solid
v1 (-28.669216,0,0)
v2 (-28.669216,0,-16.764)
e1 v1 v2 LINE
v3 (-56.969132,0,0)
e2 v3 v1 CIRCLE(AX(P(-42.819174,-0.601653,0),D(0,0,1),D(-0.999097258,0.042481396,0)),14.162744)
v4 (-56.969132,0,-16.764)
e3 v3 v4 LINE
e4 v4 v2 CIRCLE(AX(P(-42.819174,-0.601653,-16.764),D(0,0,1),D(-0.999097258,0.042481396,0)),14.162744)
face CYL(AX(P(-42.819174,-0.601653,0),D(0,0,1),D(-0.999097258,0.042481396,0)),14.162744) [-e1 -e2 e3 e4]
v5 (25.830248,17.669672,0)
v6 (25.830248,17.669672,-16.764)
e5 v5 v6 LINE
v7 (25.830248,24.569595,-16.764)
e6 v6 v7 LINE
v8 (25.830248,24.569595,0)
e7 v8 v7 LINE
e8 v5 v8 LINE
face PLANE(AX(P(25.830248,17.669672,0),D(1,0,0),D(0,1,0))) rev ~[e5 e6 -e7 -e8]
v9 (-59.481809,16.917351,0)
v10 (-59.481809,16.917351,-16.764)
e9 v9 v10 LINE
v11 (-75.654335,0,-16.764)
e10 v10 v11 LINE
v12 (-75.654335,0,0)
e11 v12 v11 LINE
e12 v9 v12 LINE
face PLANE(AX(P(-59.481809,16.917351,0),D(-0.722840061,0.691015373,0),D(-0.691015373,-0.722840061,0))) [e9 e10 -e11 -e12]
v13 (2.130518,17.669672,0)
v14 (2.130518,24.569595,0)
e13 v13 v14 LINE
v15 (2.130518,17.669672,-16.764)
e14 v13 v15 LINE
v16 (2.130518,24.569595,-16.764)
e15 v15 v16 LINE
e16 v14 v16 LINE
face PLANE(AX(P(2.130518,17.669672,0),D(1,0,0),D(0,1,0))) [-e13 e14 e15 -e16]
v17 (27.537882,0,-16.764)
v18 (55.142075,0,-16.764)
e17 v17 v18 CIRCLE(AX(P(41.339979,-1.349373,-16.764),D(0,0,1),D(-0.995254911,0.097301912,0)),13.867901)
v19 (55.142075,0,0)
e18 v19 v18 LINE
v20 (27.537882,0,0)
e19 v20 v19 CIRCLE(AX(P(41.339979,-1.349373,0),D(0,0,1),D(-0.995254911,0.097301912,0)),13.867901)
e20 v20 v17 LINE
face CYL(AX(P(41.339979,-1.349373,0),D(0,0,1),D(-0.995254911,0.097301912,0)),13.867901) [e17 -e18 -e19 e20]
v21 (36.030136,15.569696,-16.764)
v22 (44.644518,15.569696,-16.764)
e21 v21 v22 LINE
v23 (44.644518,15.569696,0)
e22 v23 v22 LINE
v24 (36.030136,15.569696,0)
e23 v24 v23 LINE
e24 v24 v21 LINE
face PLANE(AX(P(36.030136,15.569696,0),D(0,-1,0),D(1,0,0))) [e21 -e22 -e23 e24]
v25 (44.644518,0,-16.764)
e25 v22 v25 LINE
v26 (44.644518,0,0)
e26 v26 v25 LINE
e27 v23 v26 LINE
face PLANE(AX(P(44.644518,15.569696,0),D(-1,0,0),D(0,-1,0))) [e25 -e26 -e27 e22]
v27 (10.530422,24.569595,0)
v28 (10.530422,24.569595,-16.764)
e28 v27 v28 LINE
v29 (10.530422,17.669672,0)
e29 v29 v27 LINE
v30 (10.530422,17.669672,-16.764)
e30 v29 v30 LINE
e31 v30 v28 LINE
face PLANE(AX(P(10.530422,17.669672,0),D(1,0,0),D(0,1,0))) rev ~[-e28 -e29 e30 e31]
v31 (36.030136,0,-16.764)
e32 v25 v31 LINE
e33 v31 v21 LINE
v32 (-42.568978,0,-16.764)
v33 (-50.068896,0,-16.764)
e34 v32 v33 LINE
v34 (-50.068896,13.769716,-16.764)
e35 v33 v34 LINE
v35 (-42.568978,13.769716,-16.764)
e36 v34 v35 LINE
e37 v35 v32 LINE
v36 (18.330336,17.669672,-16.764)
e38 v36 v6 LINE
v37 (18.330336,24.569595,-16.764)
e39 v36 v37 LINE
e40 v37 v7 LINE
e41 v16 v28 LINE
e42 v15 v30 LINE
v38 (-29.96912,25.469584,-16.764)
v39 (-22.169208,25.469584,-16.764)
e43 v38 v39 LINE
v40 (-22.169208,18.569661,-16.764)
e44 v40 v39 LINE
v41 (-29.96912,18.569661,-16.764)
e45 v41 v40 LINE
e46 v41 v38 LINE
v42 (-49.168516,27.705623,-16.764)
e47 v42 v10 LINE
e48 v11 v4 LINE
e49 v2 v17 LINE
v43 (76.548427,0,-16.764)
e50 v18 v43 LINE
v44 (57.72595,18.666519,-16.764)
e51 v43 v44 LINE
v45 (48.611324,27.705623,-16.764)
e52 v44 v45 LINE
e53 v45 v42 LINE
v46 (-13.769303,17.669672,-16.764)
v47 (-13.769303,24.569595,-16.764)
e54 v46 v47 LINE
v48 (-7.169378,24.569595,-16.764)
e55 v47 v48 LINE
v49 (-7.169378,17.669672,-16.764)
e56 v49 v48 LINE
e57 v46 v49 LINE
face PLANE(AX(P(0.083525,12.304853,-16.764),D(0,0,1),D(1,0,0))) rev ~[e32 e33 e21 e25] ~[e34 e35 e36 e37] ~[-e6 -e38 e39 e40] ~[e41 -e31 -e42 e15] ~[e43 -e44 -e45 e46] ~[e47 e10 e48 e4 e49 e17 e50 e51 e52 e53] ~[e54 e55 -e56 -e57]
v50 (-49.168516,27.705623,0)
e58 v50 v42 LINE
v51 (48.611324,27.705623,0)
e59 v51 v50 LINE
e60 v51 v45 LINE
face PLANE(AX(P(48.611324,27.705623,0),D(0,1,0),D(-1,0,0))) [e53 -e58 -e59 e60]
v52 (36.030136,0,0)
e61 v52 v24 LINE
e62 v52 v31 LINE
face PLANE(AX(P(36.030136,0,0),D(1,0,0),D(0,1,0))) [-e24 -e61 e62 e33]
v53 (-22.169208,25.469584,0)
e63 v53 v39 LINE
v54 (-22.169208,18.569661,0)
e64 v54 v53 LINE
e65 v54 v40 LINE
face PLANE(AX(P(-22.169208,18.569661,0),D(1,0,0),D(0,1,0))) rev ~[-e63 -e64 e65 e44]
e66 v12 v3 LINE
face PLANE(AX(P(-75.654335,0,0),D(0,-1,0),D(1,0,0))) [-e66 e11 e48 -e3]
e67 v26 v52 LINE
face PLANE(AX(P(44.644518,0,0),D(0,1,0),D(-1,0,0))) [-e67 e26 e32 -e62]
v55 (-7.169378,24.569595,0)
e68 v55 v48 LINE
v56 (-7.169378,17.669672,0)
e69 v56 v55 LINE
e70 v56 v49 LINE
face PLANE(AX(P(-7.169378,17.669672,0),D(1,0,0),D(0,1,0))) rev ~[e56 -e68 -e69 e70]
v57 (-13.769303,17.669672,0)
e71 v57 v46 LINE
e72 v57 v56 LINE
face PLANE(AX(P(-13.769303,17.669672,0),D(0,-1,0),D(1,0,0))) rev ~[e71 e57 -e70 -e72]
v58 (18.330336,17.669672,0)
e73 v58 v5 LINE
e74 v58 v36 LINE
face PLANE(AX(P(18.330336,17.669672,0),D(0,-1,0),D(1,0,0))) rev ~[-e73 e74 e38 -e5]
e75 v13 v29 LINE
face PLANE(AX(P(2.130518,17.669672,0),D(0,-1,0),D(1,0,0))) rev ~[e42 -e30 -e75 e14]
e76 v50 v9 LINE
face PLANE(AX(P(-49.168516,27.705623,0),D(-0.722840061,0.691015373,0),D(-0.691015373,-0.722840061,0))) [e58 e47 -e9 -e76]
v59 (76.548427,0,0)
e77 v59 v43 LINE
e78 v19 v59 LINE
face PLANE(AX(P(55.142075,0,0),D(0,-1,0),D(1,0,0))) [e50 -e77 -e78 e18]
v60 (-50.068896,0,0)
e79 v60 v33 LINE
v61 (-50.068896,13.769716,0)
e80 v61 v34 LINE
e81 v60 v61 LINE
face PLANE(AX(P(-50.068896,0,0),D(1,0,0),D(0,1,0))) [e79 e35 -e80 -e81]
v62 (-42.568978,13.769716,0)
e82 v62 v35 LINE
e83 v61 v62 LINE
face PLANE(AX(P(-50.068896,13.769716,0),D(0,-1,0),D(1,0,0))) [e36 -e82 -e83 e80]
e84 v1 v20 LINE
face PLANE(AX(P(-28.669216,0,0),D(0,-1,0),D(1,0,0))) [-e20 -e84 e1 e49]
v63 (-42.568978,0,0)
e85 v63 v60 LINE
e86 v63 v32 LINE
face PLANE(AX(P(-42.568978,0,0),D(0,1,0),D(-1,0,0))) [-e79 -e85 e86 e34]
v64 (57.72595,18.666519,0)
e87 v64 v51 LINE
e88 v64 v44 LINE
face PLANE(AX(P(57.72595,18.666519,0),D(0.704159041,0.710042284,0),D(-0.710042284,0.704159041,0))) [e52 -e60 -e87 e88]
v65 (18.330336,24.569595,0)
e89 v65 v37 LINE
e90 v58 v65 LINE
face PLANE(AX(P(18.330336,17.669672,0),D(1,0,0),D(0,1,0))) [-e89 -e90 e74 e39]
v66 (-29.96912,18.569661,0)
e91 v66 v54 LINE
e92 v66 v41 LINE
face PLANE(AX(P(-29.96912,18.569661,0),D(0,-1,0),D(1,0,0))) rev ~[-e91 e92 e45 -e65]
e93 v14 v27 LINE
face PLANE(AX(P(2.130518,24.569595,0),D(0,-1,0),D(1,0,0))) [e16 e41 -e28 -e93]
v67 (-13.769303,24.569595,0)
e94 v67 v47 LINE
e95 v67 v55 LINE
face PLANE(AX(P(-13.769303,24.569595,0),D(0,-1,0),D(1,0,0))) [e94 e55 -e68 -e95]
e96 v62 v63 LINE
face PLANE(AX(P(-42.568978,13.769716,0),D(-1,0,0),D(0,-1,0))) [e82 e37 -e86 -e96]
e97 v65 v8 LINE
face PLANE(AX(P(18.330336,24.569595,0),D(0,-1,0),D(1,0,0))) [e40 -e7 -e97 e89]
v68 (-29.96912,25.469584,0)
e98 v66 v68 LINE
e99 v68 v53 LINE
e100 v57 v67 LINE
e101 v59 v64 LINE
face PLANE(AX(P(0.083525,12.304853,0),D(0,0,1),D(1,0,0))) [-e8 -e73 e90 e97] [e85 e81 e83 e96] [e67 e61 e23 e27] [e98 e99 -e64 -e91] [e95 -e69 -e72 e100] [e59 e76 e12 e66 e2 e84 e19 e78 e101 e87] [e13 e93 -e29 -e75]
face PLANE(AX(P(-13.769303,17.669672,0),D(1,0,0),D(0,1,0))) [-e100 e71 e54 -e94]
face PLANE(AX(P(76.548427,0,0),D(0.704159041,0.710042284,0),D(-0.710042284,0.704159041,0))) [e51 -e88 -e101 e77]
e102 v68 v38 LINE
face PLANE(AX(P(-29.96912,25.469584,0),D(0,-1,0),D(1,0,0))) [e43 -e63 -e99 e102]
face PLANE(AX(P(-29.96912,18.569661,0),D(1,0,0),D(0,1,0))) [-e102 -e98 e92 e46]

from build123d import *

# Parameters (mm, degrees)
F0_W     = 7.7999122441
F0_H     = 6.8999230862
F0_W_2   = 6.5999259241
F0_W_3   = 8.3999030758
F0_W_4   = 7.4999127537
F0_W_5   = 17.3998039681
F0_H_2   = 13.469719328
F0_W_6   = 19.7997752111
F1_DEPTH = 16.764


with BuildPart() as f1:
    # F0 (on Top) → F1 (new body)
    with BuildSketch(Plane.XY):
        with BuildLine():
            Line((-59.4818092616, 16.9173511698), (-75.65433532, 0))
            Line((-75.65433532, 0), (-56.9691322744, 0))
            Line((-56.9691322744, 0), (-50.0688962638, 0))
            Line((-50.0688962638, 0), (-50.0688962638, 13.7697160244))
            Line((-50.0688962638, 13.7697160244), (-42.5689779222, 13.7697160244))
            Line((-42.5689779222, 13.7697160244), (-42.5689779222, 0))
            Line((-42.5689779222, 0), (-30.2691180259, 0))
            Line((-30.2691180259, 0), (-30.2691180259, 13.469719328))
            Line((-30.2691180259, 13.469719328), (-14.36929591, 13.469719328))
            Line((-14.36929591, 13.469719328), (3.0305080581, 13.469719328))
            Line((3.0305080581, 13.469719328), (22.8302832693, 13.469719328))
            Line((22.8302832693, 13.469719328), (22.8302832693, 0))
            Line((22.8302832693, 0), (27.537882328, 0))
            Line((27.537882328, 0), (36.0301360488, 0))
            Line((36.0301360488, 0), (36.0301360488, 15.5696962029))
            Line((36.0301360488, 15.5696962029), (44.6445176616, 15.5696962029))
            Line((44.6445176616, 15.5696962029), (44.6445176616, 0))
            Line((44.6445176616, 0), (55.1420748234, 0))
            Line((55.1420748234, 0), (76.5484273434, 0))
            Line((76.5484273434, 0), (57.7259496837, 18.6665190633))
            ThreePointArc((57.7259496837, 18.6665190633), (44.6445176616, 18.7276304562), (35.1301468909, 27.7056228369))
            Line((35.1301468909, 27.7056228369), (-36.2690500915, 27.7056228369))
            ThreePointArc((-36.2690500915, 27.7056228369), (-46.0901653841, 18.4701942224), (-59.4818092616, 16.9173511698))
        make_face()
        with Locations((-26.0691642761, 22.0196228474)):
            Rectangle(F0_W, F0_H, mode=Mode.SUBTRACT)
        with Locations((-10.4693404865, 21.1196336895)):
            Rectangle(F0_W_2, F0_H, mode=Mode.SUBTRACT)
        with Locations((6.3304699725, 21.1196336895)):
            Rectangle(F0_W_3, F0_H, mode=Mode.SUBTRACT)
        with Locations((22.0802919939, 21.1196336895)):
            Rectangle(F0_W_4, F0_H, mode=Mode.SUBTRACT)
        with BuildLine():
            Line((-49.1685159504, 27.7056228369), (-59.4818092616, 16.9173511698))
            ThreePointArc((-59.4818092616, 16.9173511698), (-46.0901653841, 18.4701942224), (-36.2690500915, 27.7056228369))
            Line((-36.2690500915, 27.7056228369), (-49.1685159504, 27.7056228369))
        make_face()
        with BuildLine():
            Line((48.6113242805, 27.7056228369), (35.1301468909, 27.7056228369))
            ThreePointArc((35.1301468909, 27.7056228369), (44.6445176616, 18.7276304562), (57.7259496837, 18.6665190633))
            Line((57.7259496837, 18.6665190633), (48.6113242805, 27.7056228369))
        make_face()
        with Locations((-5.6693939259, 6.734859664)):
            Rectangle(F0_W_5, F0_H_2)
        with Locations((12.9303956637, 6.734859664)):
            Rectangle(F0_W_6, F0_H_2)
        Polygon((-30.2691180259, 0), (-28.6692157388, 0), (-14.36929591, 0), (-14.36929591, 13.469719328), (-30.2691180259, 13.469719328), align=None)
        with BuildLine():
            ThreePointArc((27.537882328, 0), (41.3399785757, -15.2172739199), (55.1420748234, 0))
            Line((55.1420748234, 0), (44.6445176616, 0))
            Line((44.6445176616, 0), (36.0301360488, 0))
            Line((36.0301360488, 0), (27.537882328, 0))
        make_face()
        with BuildLine():
            Line((-50.0688962638, 0), (-56.9691322744, 0))
            ThreePointArc((-56.9691322744, 0), (-42.8191740066, -14.7643966846), (-28.6692157388, 0))
            Line((-28.6692157388, 0), (-30.2691180259, 0))
            Line((-30.2691180259, 0), (-42.5689779222, 0))
            Line((-42.5689779222, 0), (-50.0688962638, 0))
        make_face()
    extrude(amount=-F1_DEPTH)


solid = f1.part
